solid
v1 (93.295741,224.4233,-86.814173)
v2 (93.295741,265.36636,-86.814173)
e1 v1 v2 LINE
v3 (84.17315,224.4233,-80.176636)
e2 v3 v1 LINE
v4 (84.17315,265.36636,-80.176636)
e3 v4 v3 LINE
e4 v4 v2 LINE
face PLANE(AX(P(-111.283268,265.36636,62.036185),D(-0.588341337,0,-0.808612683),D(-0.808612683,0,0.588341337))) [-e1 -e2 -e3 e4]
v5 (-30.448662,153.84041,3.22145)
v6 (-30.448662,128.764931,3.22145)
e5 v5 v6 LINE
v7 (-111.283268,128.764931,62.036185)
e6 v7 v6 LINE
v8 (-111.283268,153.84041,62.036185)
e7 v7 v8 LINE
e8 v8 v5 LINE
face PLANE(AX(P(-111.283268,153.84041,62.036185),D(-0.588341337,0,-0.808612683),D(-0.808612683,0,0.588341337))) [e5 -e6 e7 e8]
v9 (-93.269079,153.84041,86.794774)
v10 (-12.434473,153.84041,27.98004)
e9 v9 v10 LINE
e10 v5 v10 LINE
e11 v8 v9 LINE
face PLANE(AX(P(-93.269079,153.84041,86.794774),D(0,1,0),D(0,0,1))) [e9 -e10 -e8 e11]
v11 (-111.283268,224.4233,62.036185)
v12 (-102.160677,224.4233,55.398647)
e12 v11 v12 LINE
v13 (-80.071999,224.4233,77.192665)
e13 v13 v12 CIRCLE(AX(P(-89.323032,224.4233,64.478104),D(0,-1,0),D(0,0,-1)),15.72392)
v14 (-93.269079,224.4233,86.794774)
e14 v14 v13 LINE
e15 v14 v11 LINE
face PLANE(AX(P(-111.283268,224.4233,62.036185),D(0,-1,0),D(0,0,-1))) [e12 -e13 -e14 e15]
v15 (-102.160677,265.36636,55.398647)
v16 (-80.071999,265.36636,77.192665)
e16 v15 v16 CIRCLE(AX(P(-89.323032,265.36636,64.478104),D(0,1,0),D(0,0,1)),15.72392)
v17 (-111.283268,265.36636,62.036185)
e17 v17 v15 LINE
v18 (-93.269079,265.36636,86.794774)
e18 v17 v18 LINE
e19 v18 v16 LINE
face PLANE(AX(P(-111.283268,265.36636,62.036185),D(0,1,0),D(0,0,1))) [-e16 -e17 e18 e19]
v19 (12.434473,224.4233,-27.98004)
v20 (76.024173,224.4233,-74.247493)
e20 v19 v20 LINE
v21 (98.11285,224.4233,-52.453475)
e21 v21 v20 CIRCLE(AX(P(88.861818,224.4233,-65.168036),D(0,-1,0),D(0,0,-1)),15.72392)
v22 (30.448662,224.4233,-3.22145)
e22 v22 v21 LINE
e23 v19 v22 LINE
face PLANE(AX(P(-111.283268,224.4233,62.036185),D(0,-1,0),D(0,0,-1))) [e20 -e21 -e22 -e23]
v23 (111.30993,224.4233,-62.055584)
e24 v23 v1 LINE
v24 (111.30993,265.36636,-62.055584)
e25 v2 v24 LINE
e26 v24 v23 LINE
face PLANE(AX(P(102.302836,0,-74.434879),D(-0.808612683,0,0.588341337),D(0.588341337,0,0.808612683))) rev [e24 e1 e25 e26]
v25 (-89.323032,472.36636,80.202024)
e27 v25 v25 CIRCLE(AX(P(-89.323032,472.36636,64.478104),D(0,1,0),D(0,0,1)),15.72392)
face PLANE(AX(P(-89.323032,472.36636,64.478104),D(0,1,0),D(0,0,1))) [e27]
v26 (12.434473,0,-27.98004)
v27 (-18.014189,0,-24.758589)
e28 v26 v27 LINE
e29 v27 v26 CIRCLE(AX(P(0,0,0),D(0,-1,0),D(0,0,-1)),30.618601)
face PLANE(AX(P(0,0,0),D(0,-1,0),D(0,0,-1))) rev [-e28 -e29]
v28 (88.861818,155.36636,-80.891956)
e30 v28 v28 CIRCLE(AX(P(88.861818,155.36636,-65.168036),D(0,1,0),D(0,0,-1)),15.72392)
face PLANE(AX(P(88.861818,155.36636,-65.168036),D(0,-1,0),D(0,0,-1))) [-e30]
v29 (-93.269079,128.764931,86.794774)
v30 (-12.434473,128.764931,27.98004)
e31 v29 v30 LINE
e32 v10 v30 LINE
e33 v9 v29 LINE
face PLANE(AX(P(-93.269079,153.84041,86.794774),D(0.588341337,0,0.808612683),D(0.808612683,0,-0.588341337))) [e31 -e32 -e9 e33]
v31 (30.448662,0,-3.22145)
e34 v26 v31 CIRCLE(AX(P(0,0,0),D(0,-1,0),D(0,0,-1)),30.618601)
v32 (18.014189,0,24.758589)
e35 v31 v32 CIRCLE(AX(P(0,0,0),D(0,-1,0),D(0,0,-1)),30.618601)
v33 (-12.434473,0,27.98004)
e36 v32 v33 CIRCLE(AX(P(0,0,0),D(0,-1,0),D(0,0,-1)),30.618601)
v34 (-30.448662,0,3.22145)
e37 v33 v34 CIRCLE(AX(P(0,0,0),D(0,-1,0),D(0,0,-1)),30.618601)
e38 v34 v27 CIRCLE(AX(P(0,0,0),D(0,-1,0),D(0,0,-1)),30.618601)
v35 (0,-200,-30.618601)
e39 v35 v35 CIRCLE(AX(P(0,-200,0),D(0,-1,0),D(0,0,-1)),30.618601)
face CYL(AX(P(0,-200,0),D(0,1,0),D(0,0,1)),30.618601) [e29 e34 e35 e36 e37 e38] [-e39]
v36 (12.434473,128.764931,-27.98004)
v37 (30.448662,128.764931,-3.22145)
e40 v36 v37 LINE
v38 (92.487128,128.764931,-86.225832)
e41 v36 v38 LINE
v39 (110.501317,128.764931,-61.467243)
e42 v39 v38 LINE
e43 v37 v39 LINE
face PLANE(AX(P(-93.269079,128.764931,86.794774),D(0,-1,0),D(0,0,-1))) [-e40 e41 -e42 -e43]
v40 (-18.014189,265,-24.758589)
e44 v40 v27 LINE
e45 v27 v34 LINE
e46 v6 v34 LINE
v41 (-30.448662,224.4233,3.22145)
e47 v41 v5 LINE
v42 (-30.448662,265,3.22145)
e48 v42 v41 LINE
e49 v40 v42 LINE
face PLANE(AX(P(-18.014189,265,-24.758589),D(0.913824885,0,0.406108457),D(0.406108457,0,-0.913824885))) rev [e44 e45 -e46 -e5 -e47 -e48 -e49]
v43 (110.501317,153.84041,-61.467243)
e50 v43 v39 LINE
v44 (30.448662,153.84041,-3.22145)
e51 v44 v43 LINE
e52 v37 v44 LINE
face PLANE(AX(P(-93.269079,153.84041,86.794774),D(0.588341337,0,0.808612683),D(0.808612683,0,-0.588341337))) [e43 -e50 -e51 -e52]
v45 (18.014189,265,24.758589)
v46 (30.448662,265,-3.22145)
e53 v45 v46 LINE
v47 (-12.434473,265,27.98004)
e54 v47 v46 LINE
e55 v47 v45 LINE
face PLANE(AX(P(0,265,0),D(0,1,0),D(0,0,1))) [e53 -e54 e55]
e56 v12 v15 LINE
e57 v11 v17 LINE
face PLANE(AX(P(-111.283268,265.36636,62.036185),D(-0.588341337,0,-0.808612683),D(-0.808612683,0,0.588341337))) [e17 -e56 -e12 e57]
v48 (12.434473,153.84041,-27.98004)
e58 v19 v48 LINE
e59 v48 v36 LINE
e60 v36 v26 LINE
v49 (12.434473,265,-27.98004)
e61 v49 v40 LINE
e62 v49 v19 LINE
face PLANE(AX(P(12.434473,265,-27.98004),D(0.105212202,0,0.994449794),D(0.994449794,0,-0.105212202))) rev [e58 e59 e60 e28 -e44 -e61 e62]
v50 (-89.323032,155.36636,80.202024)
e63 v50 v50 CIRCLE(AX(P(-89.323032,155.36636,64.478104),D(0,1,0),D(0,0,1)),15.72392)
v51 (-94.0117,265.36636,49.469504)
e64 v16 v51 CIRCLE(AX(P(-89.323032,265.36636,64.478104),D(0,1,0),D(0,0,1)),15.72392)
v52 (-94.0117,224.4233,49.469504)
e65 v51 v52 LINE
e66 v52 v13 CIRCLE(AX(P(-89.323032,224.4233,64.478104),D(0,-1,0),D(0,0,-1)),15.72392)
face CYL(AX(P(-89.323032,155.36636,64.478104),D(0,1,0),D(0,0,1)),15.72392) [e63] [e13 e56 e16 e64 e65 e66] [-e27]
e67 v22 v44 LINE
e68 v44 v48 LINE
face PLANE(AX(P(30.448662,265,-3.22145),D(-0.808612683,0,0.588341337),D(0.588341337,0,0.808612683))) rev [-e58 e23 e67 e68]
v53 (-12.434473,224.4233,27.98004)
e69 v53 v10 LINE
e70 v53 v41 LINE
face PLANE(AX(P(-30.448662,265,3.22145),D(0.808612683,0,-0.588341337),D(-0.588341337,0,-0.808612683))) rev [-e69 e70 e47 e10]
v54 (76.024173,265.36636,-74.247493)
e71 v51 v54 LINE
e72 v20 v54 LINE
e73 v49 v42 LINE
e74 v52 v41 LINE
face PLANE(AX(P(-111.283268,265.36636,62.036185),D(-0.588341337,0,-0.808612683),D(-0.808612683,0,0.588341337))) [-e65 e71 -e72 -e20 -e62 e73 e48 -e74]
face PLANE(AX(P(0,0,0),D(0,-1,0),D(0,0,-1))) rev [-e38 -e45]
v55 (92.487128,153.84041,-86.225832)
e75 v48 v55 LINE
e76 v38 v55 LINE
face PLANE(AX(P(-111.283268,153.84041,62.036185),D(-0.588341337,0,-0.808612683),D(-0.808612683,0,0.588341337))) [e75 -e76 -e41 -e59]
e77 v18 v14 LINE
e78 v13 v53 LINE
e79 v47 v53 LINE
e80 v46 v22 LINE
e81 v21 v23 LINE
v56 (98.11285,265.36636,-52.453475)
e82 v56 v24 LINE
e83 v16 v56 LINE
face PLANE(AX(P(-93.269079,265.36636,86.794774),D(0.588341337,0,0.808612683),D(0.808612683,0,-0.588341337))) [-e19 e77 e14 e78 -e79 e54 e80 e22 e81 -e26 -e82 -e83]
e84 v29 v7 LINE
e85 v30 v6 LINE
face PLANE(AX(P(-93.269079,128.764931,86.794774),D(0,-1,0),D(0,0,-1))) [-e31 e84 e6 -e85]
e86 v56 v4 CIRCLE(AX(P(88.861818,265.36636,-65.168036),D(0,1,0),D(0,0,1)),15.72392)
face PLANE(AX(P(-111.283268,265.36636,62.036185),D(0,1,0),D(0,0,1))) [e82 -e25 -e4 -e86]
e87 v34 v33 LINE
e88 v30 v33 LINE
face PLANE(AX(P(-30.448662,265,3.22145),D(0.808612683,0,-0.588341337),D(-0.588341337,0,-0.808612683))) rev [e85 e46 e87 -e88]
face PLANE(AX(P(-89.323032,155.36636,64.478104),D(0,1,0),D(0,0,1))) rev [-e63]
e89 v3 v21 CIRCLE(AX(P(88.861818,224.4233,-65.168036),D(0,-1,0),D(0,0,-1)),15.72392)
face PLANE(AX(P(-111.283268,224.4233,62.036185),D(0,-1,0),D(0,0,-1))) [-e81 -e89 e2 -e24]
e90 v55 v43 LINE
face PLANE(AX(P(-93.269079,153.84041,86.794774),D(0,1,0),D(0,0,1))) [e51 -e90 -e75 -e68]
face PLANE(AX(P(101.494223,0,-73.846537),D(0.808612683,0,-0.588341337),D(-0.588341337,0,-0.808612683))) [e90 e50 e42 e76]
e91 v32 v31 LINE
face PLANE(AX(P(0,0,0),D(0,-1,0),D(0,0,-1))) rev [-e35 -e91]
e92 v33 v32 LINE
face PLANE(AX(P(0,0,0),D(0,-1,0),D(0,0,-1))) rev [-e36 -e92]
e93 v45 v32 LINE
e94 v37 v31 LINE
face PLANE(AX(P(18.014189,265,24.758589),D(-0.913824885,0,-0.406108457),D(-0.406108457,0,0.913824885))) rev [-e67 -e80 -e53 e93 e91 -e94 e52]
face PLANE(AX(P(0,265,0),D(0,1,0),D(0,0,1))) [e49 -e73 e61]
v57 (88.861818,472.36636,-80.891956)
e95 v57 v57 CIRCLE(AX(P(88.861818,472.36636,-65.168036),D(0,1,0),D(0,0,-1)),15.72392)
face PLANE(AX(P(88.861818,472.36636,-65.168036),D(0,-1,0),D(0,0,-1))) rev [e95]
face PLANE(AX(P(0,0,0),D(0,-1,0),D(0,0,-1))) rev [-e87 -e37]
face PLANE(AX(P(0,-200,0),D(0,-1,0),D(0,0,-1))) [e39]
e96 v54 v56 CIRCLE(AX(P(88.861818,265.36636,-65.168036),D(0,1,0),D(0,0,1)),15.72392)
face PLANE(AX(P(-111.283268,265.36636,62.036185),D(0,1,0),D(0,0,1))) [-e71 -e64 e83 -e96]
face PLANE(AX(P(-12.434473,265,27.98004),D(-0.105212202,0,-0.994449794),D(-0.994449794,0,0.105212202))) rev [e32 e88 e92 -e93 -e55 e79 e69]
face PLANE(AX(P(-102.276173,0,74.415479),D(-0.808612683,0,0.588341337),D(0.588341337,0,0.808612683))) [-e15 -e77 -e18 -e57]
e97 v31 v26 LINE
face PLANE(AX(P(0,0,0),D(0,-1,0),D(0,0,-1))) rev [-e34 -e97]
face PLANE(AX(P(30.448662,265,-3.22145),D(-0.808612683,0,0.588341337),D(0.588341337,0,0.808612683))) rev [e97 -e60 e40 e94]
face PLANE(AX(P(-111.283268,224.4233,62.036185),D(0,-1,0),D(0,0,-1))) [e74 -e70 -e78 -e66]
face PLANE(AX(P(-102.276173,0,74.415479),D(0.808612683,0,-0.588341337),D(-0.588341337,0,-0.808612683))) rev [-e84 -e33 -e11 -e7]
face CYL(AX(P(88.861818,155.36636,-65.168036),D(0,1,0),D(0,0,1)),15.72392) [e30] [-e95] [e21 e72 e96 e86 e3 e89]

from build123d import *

# Parameters (mm, degrees)
EXTRUDE_1_DEPTH      = 265
SKETCH_3_W           = 30.618601132
SKETCH_3_H           = 40.943060599
EXTRUDE_2_DEPTH      = 100
EXTRUDE_2_DEPTH_BACK = 153
SKETCH_5_R           = 15.723920129
EXTRUDE_3_DEPTH      = 207
EXTRUDE_3_DEPTH_BACK = 110
SKETCH_7_W           = 30.618601132
SKETCH_7_H           = 25.075478903
EXTRUDE_4_DEPTH      = 99
EXTRUDE_4_DEPTH_BACK = 153
SKETCH_8_R           = 30.618601132
EXTRUDE_5_DEPTH      = 200


with BuildPart() as part:
    # Эскиз1 → Бобышка-Вытянуть1 (new body)
    with BuildSketch(Plane(origin=(0, 0, 0), x_dir=(1, 0, 0), z_dir=(0, 1, 0))):
        Polygon((18.014188727, -24.758589212), (30.448661583, 3.22145046), (12.434472856, 27.980039673), (-18.014188727, 24.758589212), (-30.448661583, -3.22145046), (-12.434472856, -27.980039673), align=None)
    extrude(amount=EXTRUDE_1_DEPTH)

    # Эскиз3 → Бобышка-Вытянуть2 (add, two sides)
    with BuildSketch(Plane(origin=(21.44156722, 0, -15.600745066), x_dir=(-0.588341337, 0, -0.808612683), z_dir=(0.808612683, 0, -0.588341337))) as extrude_2_sk:
        with Locations((0, 244.89483014)):
            Rectangle(SKETCH_3_W, SKETCH_3_H)
    extrude(amount=EXTRUDE_2_DEPTH)
    extrude(extrude_2_sk.sketch, amount=-EXTRUDE_2_DEPTH_BACK)

    # Эскиз5 → Бобышка-Вытянуть3 (add, two sides)
    with BuildSketch(Plane(origin=(0, 265.366360439, 0), x_dir=(1, 0, 0), z_dir=(0, 1, 0))) as extrude_3_sk:
        with Locations((-89.323031668, -64.478103556)):
            Circle(SKETCH_5_R)
        with Locations((88.86181825, 65.168036102)):
            Circle(SKETCH_5_R)
    extrude(amount=EXTRUDE_3_DEPTH)
    extrude(extrude_3_sk.sketch, amount=-EXTRUDE_3_DEPTH_BACK)

    # Эскиз7 → Бобышка-Вытянуть4 (add, two sides)
    with BuildSketch(Plane(origin=(21.44156722, 0, -15.600745066), x_dir=(-0.588341337, 0, -0.808612683), z_dir=(0.808612683, 0, -0.588341337))) as extrude_4_sk:
        with Locations((0, 141.302670342)):
            Rectangle(SKETCH_7_W, SKETCH_7_H)
    extrude(amount=EXTRUDE_4_DEPTH)
    extrude(extrude_4_sk.sketch, amount=-EXTRUDE_4_DEPTH_BACK)

    # Эскиз8 → Бобышка-Вытянуть5 (add)
    with BuildSketch(Plane.XZ):
        Circle(SKETCH_8_R)
    extrude(amount=EXTRUDE_5_DEPTH)


solid = part.part
